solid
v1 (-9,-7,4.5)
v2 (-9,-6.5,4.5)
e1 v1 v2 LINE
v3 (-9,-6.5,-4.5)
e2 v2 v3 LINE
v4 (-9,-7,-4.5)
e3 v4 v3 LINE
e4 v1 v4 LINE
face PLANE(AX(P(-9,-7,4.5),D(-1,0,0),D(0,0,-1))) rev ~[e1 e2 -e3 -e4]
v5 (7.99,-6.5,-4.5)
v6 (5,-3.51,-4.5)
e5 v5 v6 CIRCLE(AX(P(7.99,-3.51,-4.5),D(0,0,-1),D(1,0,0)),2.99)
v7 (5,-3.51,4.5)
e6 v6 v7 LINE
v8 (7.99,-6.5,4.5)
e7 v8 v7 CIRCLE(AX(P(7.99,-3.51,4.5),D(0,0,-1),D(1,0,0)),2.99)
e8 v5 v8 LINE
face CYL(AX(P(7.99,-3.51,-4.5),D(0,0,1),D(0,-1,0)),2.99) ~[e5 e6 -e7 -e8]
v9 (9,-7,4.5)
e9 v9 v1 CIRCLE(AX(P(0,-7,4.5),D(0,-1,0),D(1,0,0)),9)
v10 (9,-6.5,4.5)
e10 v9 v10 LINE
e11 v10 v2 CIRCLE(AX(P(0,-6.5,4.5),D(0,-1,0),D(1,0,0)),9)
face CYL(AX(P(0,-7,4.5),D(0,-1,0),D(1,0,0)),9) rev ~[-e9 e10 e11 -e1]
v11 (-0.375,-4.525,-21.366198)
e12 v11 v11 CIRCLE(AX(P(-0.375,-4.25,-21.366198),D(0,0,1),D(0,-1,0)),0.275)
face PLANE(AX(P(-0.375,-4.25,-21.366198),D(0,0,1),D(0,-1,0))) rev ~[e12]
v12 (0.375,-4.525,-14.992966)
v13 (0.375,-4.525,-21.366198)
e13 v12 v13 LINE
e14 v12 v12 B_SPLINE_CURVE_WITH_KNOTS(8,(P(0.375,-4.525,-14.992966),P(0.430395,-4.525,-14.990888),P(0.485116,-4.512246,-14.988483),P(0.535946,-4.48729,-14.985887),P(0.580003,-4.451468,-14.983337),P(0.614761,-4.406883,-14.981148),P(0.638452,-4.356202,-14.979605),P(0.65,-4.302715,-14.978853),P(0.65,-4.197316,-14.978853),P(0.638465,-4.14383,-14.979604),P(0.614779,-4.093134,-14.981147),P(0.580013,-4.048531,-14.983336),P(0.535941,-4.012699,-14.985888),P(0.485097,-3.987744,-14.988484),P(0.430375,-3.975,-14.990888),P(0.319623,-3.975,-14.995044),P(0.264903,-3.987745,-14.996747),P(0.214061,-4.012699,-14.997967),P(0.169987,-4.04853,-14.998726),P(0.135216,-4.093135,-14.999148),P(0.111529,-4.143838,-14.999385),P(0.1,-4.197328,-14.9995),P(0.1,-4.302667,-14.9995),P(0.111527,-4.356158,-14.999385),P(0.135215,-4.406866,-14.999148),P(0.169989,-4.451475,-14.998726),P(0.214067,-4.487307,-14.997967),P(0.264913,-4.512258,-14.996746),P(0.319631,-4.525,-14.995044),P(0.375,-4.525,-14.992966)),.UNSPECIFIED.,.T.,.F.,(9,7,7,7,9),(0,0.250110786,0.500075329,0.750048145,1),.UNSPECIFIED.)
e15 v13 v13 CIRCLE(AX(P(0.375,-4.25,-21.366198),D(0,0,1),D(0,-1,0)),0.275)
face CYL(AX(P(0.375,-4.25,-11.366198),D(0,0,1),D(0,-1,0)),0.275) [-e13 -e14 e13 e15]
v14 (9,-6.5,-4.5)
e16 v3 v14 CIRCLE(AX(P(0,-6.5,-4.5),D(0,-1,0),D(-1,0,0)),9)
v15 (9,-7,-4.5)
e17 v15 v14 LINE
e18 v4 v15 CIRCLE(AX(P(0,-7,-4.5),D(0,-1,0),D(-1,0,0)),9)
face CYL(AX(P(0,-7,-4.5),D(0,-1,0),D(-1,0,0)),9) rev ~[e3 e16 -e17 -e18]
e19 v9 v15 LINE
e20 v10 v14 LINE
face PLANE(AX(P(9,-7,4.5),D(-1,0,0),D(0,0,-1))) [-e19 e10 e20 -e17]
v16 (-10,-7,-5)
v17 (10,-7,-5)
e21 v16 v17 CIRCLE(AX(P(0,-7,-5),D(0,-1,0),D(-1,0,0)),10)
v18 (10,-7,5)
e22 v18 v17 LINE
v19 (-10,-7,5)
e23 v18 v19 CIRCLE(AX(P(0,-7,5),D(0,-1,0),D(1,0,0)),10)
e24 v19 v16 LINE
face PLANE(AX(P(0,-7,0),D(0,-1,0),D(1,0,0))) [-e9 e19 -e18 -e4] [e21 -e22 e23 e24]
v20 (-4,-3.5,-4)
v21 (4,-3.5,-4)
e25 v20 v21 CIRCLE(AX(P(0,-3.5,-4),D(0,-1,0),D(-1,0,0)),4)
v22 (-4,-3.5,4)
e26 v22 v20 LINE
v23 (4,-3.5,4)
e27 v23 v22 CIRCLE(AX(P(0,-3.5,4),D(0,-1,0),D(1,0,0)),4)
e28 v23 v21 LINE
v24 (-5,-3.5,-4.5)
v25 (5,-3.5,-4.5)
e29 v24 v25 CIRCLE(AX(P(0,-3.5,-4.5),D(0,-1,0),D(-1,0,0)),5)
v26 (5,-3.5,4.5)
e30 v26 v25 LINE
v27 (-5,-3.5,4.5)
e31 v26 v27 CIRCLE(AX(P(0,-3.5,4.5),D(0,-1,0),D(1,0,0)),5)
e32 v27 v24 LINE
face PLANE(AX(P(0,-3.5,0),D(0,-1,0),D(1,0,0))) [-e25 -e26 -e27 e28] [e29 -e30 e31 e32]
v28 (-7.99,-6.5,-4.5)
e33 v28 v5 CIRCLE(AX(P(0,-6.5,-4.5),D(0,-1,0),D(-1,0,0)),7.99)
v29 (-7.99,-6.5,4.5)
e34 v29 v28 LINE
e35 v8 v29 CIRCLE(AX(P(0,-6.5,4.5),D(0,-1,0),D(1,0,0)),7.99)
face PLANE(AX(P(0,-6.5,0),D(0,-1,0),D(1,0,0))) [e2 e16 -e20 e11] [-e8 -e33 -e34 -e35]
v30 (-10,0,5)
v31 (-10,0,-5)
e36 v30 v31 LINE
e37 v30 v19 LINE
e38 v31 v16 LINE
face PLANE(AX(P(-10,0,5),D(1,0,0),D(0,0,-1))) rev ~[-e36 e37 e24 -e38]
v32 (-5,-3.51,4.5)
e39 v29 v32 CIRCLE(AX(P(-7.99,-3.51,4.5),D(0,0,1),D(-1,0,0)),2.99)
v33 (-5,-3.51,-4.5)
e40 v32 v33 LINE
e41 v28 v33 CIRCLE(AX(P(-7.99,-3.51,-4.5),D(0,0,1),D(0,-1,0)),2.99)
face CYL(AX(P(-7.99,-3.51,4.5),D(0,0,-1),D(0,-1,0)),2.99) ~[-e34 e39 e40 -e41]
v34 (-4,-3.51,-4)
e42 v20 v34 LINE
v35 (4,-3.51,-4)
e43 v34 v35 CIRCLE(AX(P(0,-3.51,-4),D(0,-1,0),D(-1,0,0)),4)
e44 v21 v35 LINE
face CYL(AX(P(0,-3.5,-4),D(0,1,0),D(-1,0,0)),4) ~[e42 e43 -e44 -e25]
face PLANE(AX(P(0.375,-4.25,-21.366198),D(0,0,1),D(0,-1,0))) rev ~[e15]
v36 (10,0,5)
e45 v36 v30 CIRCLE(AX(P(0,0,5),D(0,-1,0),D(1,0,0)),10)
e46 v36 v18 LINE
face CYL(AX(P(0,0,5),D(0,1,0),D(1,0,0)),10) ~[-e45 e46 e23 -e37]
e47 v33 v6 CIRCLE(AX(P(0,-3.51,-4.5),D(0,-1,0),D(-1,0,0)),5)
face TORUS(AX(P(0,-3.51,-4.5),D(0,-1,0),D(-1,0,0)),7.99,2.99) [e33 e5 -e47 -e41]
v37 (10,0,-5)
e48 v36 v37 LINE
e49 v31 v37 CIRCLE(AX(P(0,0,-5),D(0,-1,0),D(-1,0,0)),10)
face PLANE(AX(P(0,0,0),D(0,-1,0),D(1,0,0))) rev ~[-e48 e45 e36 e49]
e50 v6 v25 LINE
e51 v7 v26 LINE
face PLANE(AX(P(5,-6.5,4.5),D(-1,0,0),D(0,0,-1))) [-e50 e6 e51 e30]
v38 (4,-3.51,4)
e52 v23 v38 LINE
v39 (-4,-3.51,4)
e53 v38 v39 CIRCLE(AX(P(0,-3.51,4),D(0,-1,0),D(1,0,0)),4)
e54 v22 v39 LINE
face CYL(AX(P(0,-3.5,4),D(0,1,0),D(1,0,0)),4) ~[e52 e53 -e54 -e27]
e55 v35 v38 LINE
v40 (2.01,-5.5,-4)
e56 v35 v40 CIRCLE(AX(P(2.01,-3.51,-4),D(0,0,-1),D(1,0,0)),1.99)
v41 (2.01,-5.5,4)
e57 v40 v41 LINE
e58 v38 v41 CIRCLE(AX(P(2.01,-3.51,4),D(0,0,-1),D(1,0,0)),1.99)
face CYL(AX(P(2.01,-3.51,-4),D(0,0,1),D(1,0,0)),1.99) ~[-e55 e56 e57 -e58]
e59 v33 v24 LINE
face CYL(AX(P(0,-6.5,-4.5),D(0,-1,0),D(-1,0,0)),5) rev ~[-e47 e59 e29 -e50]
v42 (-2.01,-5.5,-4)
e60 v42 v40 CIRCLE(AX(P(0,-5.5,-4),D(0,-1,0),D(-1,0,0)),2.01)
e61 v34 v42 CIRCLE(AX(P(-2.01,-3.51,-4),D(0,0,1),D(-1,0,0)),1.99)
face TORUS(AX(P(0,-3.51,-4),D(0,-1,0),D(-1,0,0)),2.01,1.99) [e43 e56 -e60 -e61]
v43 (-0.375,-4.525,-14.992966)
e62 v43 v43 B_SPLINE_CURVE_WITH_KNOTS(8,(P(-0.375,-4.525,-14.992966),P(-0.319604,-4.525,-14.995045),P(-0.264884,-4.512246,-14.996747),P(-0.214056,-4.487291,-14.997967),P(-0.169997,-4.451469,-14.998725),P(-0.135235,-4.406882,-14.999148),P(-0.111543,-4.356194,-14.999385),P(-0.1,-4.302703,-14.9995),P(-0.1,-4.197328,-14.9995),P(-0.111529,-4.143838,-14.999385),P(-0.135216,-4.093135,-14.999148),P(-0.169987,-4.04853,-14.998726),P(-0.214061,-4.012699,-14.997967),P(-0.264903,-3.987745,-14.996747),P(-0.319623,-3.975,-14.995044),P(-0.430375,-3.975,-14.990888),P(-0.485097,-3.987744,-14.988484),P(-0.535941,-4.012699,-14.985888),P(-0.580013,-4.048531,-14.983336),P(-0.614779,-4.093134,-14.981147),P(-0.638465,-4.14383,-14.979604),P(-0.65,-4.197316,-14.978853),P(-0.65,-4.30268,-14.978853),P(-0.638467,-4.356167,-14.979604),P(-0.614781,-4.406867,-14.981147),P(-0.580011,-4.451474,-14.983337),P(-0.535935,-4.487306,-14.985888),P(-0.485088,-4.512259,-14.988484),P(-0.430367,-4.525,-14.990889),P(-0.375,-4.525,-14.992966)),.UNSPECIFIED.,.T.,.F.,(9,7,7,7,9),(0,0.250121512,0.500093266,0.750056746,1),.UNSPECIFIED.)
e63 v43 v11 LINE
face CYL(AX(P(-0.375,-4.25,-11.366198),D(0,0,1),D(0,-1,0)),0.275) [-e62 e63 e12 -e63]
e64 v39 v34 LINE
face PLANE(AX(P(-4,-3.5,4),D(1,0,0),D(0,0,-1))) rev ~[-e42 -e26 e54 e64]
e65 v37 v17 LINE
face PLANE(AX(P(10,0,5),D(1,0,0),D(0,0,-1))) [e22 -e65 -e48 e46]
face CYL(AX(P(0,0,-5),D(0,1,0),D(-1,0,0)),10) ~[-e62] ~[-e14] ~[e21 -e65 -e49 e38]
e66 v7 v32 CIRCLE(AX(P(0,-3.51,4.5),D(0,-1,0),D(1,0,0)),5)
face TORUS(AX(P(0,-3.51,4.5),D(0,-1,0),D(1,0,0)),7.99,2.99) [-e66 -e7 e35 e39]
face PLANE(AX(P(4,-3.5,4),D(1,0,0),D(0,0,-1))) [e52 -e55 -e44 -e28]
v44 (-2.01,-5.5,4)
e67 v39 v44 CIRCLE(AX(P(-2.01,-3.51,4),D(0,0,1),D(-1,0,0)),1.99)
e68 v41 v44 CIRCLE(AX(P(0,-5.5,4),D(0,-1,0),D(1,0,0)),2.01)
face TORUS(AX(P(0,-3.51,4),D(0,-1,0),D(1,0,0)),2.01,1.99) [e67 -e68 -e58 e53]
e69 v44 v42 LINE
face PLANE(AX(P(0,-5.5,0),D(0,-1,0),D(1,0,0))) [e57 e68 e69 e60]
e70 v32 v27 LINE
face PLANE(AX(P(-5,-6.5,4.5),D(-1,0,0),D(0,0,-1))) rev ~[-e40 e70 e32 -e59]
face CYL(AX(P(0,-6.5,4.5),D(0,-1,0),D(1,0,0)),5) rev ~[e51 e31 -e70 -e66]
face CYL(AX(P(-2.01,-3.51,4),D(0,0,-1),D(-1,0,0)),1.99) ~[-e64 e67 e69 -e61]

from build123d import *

# Parameters (mm, degrees)
PAD_DEPTH       = 7
POCKET_DEPTH    = 0.5
POCKET001_DEPTH = 3
FILLET_R        = 2.99
PAD001_DEPTH    = 2
FILLET001_R     = 1.99
SKETCH004_R     = 0.275
PAD002_DEPTH    = 10


with BuildPart() as part:
    # Sketch → Pad (new body)
    with BuildSketch(Plane.XZ):
        with BuildLine():
            ThreePointArc((10, 5), (0, 15), (-10, 5))
            Line((-10, 5), (-10, -5))
            ThreePointArc((-10, -5), (0, -15), (10, -5))
            Line((10, 5), (10, -5))
        make_face()
    extrude(amount=PAD_DEPTH)

    # Sketch001 (on Face6 of Pad) → Pocket (cut)
    with BuildSketch(Plane.XZ.offset(7)):
        with BuildLine():
            ThreePointArc((9, 4.5), (0, 13.5), (-9, 4.5))
            Line((-9, 4.5), (-9, -4.5))
            ThreePointArc((-9, -4.5), (0, -13.5), (9, -4.5))
            Line((9, 4.5), (9, -4.5))
        make_face()
    extrude(amount=-POCKET_DEPTH, mode=Mode.SUBTRACT)

    # Sketch002 (on Face11 of Pocket) → Pocket001 (cut)
    with BuildSketch(Plane.XZ.offset(6.5)):
        with BuildLine():
            ThreePointArc((5, 4.5), (0, 9.5), (-5, 4.5))
            Line((-5, 4.5), (-5, -4.5))
            ThreePointArc((-5, -4.5), (0, -9.5), (5, -4.5))
            Line((5, 4.5), (5, -4.5))
        make_face()
    extrude(amount=-POCKET001_DEPTH, mode=Mode.SUBTRACT)

    # Fillet
    fillet_edges = [part.edges().sort_by_distance(p)[0] for p in [
        (0, -6.5, 9.5),
        (5, -6.5, 0),
        (-5, -6.5, 0),
        (0, -6.5, -9.5),
    ]]
    fillet(fillet_edges, radius=FILLET_R)

    # Sketch003 (on Face15 of Fillet) → Pad001 (join)
    with BuildSketch(Plane.XZ.offset(3.5)):
        with BuildLine():
            ThreePointArc((4, 4), (0, 8), (-4, 4))
            Line((-4, 4), (-4, -4))
            ThreePointArc((-4, -4), (0, -8), (4, -4))
            Line((4, 4), (4, -4))
        make_face()
    extrude(amount=PAD001_DEPTH)

    # Fillet001
    fillet001_edges = [part.edges().sort_by_distance(p)[0] for p in [
        (-4, -5.5, 0),
        (0, -5.5, -8),
        (4, -5.5, 0),
        (0, -5.5, 8),
    ]]
    fillet(fillet001_edges, radius=FILLET001_R)

    # Sketch004 (on DatumPlane) → Pad002 (join)
    with BuildSketch(Plane(origin=(0, -3.5, -11.366198), x_dir=(0, -1, 0), z_dir=(0, 0, 1))):
        with Locations((0.75, 0.375)):
            Circle(SKETCH004_R)
        with Locations((0.75, -0.375)):
            Circle(SKETCH004_R)
    extrude(amount=-PAD002_DEPTH)


solid = part.part
